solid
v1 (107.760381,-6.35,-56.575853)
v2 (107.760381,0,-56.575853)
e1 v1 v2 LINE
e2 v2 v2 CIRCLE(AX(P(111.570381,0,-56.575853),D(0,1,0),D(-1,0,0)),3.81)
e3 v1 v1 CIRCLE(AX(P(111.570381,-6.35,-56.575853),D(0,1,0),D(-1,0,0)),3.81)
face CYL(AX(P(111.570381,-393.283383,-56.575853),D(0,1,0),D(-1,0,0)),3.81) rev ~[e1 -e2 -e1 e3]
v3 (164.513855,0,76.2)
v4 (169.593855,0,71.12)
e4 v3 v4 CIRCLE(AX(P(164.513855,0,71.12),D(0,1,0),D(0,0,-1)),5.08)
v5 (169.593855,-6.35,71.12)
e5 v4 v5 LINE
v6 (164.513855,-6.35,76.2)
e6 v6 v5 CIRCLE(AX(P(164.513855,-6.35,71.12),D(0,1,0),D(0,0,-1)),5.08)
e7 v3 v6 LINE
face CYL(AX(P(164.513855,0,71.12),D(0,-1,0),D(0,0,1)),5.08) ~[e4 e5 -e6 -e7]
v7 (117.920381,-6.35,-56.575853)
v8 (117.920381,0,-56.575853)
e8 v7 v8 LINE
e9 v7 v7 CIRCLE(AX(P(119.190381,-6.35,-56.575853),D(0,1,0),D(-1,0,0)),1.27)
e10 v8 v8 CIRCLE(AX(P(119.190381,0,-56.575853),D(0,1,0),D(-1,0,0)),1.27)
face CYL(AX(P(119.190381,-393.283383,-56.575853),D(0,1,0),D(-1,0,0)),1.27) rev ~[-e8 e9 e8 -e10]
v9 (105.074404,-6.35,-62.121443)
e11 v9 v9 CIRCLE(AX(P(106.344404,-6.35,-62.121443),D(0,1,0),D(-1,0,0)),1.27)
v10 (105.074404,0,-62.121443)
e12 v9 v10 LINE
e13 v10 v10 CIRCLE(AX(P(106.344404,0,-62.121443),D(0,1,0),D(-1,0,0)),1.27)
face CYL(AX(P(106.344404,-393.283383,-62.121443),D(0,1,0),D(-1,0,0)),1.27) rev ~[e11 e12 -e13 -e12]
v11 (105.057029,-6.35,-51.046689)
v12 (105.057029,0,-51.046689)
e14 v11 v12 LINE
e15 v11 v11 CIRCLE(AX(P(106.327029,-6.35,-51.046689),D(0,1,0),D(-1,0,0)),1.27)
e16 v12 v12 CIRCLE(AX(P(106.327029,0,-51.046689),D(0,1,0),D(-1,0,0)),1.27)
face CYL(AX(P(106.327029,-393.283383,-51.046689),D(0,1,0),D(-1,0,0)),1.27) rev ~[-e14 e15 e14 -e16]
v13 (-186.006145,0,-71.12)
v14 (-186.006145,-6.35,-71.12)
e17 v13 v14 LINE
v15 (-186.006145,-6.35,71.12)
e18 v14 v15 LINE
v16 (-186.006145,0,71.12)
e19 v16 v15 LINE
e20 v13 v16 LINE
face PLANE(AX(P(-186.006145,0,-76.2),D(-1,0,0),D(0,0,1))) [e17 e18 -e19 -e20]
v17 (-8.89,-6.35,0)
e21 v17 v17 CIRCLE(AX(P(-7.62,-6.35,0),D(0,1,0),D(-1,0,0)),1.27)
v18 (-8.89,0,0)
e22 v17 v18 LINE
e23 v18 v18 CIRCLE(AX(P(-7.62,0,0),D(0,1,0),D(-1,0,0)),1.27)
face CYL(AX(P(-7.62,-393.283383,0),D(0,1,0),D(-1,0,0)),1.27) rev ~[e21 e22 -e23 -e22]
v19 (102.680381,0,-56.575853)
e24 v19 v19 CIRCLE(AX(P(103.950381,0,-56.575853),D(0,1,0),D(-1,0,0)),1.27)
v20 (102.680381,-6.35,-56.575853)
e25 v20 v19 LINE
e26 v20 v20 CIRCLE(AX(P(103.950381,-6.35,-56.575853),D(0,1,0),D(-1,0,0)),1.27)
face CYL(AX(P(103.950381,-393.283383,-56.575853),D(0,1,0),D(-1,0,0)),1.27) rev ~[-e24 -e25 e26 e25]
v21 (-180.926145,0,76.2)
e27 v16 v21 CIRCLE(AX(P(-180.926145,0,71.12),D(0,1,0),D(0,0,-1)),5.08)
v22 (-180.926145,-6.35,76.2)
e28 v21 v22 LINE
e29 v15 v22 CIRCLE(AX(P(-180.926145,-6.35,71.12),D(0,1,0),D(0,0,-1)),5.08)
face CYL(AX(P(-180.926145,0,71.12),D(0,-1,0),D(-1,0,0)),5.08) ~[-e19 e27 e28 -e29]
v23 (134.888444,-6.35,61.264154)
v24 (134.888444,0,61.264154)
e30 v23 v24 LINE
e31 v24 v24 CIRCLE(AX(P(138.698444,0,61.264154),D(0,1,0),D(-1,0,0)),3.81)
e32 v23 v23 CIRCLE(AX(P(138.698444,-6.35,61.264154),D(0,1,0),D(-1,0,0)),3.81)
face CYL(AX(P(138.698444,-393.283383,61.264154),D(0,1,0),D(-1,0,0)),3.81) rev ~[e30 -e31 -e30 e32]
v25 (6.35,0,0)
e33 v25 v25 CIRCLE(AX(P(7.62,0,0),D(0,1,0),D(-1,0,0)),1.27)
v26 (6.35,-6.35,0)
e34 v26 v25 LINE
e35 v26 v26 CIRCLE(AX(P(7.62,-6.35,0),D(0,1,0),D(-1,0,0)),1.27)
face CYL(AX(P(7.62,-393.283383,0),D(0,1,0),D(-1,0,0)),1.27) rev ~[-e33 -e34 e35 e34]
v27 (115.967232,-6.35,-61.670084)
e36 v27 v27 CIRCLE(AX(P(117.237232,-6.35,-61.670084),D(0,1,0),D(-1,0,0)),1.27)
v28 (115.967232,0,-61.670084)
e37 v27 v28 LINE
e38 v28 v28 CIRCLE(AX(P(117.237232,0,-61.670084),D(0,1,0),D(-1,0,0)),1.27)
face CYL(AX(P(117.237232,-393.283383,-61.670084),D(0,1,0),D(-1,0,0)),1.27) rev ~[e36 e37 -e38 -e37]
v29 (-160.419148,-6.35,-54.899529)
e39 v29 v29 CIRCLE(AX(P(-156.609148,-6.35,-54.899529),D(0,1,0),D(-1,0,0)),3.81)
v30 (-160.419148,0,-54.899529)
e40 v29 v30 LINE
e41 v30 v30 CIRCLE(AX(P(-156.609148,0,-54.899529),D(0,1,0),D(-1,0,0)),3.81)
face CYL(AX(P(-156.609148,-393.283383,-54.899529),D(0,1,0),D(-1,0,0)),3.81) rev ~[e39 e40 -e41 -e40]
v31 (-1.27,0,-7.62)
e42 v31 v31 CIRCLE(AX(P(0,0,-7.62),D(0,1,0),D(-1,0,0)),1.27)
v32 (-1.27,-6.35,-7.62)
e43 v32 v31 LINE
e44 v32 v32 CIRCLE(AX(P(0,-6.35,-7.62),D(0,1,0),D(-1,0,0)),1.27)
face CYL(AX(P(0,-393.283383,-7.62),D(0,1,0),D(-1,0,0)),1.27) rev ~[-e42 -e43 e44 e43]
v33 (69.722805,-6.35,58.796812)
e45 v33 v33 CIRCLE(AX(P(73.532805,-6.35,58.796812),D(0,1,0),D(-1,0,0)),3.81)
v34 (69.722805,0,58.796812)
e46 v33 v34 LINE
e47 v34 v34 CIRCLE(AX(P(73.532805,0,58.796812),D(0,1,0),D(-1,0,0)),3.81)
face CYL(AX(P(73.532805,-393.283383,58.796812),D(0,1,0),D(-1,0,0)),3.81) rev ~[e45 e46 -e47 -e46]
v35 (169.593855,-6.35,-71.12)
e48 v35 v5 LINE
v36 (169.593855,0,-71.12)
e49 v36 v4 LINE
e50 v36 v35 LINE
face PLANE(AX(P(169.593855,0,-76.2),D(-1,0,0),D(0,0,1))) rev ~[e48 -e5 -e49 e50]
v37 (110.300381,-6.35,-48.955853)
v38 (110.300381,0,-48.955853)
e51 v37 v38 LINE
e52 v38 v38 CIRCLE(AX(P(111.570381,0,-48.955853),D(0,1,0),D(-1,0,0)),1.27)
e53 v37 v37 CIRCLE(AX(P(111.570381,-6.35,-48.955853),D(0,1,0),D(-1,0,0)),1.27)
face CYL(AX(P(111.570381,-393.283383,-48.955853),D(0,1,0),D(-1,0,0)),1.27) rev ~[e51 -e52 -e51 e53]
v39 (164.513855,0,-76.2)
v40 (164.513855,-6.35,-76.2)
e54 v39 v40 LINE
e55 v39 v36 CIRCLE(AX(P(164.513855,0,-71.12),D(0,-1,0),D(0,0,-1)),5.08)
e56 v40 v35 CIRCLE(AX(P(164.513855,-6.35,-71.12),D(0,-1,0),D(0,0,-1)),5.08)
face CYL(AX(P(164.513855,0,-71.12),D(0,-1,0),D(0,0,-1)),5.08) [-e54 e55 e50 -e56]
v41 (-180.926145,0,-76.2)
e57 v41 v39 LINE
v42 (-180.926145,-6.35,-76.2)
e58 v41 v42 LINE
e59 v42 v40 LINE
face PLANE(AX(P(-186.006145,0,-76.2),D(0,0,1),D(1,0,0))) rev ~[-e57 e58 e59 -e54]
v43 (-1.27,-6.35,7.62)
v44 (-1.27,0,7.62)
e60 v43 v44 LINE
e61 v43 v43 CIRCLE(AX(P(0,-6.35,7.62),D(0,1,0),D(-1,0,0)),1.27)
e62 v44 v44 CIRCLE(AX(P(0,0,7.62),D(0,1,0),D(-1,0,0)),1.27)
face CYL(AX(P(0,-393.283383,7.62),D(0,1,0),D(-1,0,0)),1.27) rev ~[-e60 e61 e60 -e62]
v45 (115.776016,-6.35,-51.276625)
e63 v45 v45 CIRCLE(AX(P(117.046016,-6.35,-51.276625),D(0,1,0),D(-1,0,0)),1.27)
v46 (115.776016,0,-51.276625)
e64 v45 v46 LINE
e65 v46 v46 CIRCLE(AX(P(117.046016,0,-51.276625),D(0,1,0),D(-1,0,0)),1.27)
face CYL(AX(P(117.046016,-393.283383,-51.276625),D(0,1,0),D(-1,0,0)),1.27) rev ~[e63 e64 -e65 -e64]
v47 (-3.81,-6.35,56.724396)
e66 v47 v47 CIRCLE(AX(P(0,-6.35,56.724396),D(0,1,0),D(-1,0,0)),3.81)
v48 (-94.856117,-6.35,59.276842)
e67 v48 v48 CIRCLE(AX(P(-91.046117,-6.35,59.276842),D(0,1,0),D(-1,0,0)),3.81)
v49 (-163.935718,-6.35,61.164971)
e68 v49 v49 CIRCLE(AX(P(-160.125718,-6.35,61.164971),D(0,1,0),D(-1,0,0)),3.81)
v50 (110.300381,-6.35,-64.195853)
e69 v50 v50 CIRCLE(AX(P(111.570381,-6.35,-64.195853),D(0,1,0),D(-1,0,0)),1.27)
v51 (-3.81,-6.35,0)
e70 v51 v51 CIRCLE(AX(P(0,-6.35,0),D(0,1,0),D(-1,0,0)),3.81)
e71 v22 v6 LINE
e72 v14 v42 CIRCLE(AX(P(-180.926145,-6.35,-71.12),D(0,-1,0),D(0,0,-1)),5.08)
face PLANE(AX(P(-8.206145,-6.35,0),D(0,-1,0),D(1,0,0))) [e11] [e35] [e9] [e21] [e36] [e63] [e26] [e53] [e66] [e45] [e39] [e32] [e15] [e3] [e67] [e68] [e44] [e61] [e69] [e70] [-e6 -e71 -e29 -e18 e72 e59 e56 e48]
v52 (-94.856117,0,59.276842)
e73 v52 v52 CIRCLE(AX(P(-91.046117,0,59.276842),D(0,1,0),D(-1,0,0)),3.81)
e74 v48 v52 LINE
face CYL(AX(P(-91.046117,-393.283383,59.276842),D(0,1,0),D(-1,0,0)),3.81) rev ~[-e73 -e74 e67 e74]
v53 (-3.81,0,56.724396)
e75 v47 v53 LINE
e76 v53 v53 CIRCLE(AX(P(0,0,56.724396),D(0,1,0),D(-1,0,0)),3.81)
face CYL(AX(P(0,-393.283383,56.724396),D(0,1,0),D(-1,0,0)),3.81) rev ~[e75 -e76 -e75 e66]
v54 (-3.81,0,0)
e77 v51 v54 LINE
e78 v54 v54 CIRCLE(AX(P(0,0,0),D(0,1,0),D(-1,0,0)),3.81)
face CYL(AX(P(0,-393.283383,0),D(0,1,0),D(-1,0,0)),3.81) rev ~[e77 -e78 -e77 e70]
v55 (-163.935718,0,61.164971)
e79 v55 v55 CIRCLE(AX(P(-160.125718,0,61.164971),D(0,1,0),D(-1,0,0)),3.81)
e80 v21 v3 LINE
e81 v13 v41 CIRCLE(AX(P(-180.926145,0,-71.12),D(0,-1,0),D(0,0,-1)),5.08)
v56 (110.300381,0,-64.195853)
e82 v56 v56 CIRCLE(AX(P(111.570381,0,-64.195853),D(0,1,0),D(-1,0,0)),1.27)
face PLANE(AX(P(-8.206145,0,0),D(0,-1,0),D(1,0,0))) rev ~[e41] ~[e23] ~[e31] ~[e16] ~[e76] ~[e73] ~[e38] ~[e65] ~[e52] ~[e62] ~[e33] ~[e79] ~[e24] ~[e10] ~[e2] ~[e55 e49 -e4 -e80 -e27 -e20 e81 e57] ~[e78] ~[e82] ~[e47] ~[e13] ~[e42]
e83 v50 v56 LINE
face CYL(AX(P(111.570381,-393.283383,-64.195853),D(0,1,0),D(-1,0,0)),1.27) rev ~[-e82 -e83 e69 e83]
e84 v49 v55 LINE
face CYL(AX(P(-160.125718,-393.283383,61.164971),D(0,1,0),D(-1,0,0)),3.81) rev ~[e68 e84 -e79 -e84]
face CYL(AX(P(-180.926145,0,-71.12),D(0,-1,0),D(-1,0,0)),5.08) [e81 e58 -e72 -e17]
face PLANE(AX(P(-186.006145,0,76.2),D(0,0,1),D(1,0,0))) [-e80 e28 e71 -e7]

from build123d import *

# Parameters (mm, degrees)
F0_W     = 355.6
F0_H     = 152.4
F1_DEPTH = 6.35
F3_D     = 2.54
F5_D     = 7.62
F6_R     = 5.08
F8_D     = 2.54
F10_D    = 7.62
F12_D    = 7.62
F14_D    = 7.62
F16_D    = 7.62


with BuildPart() as f1:
    # F0 (on Front) → F1 (new body)
    with BuildSketch(Plane.XZ):
        with Locations((-8.206145, 0)):
            Rectangle(F0_W, F0_H)
    extrude(amount=F1_DEPTH)

    # F3 (through all)
    with Locations(Plane.XZ.offset(6.35)):
        with Locations((-7.62, 0), (0, 7.62), (7.62, 0), (0, -7.62)):
            Hole(F3_D / 2)

    # F5 (through all)
    with Locations(Plane.XZ.offset(6.35)):
        with Locations((0, 0), (111.570381, -56.575853), (138.698444, 61.264154)):
            Hole(F5_D / 2)

    # F6
    f6_edges = [f1.edges().sort_by_distance(p)[0] for p in [
        (169.593855, -3.175, 76.2),
        (169.593855, -3.175, -76.2),
        (-186.006145, -3.175, 76.2),
        (-186.006145, -3.175, -76.2),
    ]]
    fillet(f6_edges, radius=F6_R)

    # F8 (through all)
    with Locations(Plane.XZ.offset(6.35)):
        with Locations((111.570381, -48.955853), (117.046016, -51.276625), (119.190381, -56.575853), (117.237232, -61.670084), (111.570381, -64.195853), (106.344404, -62.121443), (103.950381, -56.575853), (106.327029, -51.046689)):
            Hole(F8_D / 2)

    # F10 (through all)
    with Locations(Plane.XZ.offset(6.35)):
        with Locations((-156.609148, -54.899529)):
            Hole(F10_D / 2)

    # F12 (through all)
    with Locations(Plane.XZ.offset(6.35)):
        with Locations((73.532805, 58.796812), (-160.125718, 61.164971)):
            Hole(F12_D / 2)

    # F14 (through all)
    with Locations(Plane.XZ.offset(6.35)):
        with Locations((-91.046117, 59.276842)):
            Hole(F14_D / 2)

    # F16 (through all)
    with Locations(Plane.XZ.offset(6.35)):
        with Locations((0, 56.724396)):
            Hole(F16_D / 2)


solid = f1.part
